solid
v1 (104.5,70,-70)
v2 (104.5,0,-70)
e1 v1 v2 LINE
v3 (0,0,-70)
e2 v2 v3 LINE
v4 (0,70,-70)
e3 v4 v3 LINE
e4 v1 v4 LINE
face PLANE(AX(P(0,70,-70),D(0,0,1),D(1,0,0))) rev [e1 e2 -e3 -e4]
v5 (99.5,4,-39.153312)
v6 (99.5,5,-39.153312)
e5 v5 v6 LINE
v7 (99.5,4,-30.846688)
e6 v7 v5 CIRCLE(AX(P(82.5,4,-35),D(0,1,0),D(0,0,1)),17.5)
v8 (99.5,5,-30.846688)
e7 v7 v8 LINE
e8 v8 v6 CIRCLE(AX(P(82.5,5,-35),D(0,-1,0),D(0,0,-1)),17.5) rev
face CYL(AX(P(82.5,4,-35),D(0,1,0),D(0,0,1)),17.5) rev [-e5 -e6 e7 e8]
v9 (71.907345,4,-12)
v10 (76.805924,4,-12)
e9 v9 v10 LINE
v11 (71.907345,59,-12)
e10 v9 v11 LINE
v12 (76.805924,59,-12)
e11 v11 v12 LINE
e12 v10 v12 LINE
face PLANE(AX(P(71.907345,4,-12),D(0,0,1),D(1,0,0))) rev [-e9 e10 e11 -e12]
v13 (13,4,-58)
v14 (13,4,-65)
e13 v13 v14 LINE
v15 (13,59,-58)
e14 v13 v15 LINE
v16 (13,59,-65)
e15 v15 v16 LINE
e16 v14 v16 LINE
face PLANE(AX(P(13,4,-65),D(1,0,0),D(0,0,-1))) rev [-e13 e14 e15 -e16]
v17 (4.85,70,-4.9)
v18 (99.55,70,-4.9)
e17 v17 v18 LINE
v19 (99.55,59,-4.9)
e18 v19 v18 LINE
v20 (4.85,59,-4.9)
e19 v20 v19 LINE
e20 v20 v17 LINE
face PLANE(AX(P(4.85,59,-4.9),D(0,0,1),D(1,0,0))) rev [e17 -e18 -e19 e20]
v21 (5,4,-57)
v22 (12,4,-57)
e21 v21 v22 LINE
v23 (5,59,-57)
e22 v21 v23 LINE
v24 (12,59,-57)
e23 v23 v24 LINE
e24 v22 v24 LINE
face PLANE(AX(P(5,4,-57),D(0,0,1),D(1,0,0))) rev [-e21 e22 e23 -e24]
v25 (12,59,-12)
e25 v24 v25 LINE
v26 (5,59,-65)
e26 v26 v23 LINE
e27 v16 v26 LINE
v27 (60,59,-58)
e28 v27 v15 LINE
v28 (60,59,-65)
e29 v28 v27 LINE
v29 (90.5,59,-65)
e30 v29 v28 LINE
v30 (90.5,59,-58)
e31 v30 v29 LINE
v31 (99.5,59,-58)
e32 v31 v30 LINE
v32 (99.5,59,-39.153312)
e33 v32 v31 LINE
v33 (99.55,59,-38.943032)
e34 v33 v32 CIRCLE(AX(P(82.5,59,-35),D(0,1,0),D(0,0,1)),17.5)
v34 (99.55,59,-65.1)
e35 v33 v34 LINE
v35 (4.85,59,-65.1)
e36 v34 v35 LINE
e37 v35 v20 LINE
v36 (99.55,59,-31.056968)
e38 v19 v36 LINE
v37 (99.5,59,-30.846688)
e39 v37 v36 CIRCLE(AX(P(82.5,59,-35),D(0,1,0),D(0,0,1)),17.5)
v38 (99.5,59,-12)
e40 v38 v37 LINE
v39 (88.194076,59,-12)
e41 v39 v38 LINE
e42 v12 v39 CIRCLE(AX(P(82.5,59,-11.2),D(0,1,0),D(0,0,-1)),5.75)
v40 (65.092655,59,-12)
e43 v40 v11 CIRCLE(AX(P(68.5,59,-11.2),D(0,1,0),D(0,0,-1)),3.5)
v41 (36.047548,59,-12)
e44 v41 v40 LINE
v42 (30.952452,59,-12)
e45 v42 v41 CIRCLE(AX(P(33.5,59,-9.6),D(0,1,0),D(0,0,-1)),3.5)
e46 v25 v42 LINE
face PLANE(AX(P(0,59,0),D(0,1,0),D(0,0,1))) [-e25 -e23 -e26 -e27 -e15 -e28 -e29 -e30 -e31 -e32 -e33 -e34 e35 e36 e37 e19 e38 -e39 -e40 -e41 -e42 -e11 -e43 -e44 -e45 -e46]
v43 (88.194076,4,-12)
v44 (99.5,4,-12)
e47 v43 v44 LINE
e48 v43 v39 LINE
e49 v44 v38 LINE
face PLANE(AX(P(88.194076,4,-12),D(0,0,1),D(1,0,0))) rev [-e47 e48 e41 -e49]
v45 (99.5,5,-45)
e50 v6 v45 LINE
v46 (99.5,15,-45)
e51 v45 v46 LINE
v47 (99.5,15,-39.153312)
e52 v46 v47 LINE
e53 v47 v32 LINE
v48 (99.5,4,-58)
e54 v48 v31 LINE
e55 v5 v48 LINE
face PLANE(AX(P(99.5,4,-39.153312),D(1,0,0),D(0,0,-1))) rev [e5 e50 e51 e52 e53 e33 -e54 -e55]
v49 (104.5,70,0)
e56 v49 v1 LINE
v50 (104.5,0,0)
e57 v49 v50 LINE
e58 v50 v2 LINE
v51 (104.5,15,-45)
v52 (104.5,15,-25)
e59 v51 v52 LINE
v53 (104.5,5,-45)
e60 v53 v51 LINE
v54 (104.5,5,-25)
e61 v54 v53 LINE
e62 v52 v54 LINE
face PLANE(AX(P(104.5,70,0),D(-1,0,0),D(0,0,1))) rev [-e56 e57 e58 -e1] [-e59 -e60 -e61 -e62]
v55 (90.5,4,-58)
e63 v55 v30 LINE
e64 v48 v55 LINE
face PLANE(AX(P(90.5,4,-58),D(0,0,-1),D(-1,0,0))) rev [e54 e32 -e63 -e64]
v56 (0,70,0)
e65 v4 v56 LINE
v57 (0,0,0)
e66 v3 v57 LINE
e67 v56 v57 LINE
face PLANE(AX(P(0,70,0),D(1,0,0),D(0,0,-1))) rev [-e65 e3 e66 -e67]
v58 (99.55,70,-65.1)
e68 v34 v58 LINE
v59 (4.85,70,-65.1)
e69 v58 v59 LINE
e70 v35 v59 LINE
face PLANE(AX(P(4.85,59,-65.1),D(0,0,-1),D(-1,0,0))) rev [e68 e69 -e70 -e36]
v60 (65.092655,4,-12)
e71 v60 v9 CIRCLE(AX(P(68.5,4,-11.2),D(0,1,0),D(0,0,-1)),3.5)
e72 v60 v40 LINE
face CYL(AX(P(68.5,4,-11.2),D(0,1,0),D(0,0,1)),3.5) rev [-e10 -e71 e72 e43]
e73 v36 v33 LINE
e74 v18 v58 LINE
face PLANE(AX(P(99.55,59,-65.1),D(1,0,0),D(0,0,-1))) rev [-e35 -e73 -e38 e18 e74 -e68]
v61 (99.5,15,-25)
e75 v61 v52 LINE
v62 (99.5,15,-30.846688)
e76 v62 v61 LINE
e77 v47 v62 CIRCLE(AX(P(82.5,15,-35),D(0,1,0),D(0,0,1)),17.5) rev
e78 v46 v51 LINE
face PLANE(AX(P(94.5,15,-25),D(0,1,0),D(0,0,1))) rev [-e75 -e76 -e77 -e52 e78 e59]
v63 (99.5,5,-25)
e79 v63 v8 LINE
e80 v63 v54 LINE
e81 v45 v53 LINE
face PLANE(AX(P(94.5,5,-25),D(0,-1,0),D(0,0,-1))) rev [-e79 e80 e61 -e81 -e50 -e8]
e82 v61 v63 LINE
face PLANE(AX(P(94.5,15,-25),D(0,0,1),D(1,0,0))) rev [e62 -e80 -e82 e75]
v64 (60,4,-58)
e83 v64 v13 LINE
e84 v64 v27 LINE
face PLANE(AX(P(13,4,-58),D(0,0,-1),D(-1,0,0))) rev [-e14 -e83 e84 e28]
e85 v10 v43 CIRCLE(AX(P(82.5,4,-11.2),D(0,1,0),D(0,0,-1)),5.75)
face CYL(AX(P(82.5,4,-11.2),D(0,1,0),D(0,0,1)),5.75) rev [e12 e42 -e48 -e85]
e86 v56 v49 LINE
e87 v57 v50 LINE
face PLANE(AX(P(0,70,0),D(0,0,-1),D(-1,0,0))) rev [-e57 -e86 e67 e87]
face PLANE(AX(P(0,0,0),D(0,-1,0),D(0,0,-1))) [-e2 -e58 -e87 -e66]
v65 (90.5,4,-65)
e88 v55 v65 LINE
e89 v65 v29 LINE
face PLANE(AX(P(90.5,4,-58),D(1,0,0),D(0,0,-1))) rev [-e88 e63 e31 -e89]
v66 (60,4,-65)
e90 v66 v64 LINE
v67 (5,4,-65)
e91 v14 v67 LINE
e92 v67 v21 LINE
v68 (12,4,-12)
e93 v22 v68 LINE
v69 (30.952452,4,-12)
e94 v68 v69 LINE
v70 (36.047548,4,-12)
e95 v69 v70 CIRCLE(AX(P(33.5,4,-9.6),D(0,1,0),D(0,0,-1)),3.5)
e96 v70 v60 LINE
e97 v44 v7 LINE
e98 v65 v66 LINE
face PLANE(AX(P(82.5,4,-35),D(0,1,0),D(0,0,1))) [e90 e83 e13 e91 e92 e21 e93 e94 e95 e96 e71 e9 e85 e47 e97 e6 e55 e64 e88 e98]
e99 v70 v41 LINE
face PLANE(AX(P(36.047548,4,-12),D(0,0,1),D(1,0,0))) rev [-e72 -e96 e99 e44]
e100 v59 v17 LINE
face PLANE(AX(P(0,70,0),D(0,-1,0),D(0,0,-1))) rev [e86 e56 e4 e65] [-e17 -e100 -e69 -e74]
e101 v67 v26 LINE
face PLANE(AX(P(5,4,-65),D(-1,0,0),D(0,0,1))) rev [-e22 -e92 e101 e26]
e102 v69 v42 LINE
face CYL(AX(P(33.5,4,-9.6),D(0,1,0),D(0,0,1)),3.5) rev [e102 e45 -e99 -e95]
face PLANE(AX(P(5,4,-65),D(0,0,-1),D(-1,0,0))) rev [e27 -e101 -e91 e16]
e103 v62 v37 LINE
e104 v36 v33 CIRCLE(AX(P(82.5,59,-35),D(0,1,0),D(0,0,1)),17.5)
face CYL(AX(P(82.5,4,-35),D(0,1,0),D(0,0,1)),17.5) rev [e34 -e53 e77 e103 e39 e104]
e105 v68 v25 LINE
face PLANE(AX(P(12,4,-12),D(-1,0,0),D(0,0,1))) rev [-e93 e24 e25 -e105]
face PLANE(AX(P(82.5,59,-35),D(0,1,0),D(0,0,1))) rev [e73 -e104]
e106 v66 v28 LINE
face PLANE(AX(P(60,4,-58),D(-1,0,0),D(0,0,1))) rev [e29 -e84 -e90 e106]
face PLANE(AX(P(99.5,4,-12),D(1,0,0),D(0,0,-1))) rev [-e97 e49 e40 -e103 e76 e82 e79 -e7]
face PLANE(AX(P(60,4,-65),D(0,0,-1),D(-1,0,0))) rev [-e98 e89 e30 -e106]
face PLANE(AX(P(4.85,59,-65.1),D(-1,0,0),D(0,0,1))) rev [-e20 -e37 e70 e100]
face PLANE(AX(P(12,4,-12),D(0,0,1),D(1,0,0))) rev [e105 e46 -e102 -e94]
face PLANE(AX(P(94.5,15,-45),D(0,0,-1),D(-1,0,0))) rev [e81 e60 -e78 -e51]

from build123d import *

# Parameters (mm, degrees)
SKETCH1_W           = 104.5
SKETCH1_H           = 70
BOSS_EXTRUDE1_DEPTH = 70
SKETCH2_W           = 94.7
SKETCH2_H           = 60.2
CUT_EXTRUDE1_DEPTH  = 11
CUT_EXTRUDE3_DEPTH  = 55
SKETCH5_W           = 20
SKETCH5_H           = 10
CUT_EXTRUDE4_DEPTH  = 10


with BuildPart() as part:
    # Sketch1 → Boss-Extrude1 (new body)
    with BuildSketch(Plane(origin=(0, 0, 0), x_dir=(1, 0, 0), z_dir=(0, 1, 0))):
        with Locations((52.25, 35)):
            Rectangle(SKETCH1_W, SKETCH1_H)
    extrude(amount=BOSS_EXTRUDE1_DEPTH)

    # Sketch2 → Cut-Extrude1 (cut)
    with BuildSketch(Plane(origin=(0, 70, 0), x_dir=(1, 0, 0), z_dir=(0, 1, 0))):
        with Locations((52.2, 35)):
            Rectangle(SKETCH2_W, SKETCH2_H)
    extrude(amount=-CUT_EXTRUDE1_DEPTH, mode=Mode.SUBTRACT)

    # Sketch3 → Cut-Extrude3 (cut)
    with BuildSketch(Plane(origin=(0, 59, 0), x_dir=(1, 0, 0), z_dir=(0, 1, 0))):
        with BuildLine():
            Line((99.5, 39.153311931), (99.5, 58))
            Line((99.5, 58), (90.5, 58))
            Line((90.5, 58), (90.5, 65))
            Line((90.5, 65), (60, 65))
            Line((60, 65), (60, 58))
            Line((60, 58), (13, 58))
            Line((13, 58), (13, 65))
            Line((13, 65), (5, 65))
            Line((5, 65), (5, 57))
            Line((5, 57), (12, 57))
            Line((12, 57), (12, 12))
            Line((12, 12), (30.952452159, 12))
            ThreePointArc((30.952452159, 12), (33.5, 6.1), (36.047547841, 12))
            Line((36.047547841, 12), (65.092654993, 12))
            ThreePointArc((65.092654993, 12), (68.5, 7.7), (71.907345007, 12))
            Line((71.907345007, 12), (76.805924131, 12))
            ThreePointArc((76.805924131, 12), (82.5, 5.45), (88.194075869, 12))
            Line((88.194075869, 12), (99.5, 12))
            Line((99.5, 12), (99.5, 30.846688069))
            ThreePointArc((99.5, 30.846688069), (100, 35), (99.5, 39.153311931))
        make_face()
    extrude(amount=-CUT_EXTRUDE3_DEPTH, mode=Mode.SUBTRACT)

    # Sketch5 → Cut-Extrude4 (cut)
    with BuildSketch(Plane(origin=(104.5, 0, 0), x_dir=(0, 0, -1), z_dir=(1, 0, 0))):
        with Locations((35, 10)):
            Rectangle(SKETCH5_W, SKETCH5_H)
    extrude(amount=-CUT_EXTRUDE4_DEPTH, mode=Mode.SUBTRACT)


solid = part.part
